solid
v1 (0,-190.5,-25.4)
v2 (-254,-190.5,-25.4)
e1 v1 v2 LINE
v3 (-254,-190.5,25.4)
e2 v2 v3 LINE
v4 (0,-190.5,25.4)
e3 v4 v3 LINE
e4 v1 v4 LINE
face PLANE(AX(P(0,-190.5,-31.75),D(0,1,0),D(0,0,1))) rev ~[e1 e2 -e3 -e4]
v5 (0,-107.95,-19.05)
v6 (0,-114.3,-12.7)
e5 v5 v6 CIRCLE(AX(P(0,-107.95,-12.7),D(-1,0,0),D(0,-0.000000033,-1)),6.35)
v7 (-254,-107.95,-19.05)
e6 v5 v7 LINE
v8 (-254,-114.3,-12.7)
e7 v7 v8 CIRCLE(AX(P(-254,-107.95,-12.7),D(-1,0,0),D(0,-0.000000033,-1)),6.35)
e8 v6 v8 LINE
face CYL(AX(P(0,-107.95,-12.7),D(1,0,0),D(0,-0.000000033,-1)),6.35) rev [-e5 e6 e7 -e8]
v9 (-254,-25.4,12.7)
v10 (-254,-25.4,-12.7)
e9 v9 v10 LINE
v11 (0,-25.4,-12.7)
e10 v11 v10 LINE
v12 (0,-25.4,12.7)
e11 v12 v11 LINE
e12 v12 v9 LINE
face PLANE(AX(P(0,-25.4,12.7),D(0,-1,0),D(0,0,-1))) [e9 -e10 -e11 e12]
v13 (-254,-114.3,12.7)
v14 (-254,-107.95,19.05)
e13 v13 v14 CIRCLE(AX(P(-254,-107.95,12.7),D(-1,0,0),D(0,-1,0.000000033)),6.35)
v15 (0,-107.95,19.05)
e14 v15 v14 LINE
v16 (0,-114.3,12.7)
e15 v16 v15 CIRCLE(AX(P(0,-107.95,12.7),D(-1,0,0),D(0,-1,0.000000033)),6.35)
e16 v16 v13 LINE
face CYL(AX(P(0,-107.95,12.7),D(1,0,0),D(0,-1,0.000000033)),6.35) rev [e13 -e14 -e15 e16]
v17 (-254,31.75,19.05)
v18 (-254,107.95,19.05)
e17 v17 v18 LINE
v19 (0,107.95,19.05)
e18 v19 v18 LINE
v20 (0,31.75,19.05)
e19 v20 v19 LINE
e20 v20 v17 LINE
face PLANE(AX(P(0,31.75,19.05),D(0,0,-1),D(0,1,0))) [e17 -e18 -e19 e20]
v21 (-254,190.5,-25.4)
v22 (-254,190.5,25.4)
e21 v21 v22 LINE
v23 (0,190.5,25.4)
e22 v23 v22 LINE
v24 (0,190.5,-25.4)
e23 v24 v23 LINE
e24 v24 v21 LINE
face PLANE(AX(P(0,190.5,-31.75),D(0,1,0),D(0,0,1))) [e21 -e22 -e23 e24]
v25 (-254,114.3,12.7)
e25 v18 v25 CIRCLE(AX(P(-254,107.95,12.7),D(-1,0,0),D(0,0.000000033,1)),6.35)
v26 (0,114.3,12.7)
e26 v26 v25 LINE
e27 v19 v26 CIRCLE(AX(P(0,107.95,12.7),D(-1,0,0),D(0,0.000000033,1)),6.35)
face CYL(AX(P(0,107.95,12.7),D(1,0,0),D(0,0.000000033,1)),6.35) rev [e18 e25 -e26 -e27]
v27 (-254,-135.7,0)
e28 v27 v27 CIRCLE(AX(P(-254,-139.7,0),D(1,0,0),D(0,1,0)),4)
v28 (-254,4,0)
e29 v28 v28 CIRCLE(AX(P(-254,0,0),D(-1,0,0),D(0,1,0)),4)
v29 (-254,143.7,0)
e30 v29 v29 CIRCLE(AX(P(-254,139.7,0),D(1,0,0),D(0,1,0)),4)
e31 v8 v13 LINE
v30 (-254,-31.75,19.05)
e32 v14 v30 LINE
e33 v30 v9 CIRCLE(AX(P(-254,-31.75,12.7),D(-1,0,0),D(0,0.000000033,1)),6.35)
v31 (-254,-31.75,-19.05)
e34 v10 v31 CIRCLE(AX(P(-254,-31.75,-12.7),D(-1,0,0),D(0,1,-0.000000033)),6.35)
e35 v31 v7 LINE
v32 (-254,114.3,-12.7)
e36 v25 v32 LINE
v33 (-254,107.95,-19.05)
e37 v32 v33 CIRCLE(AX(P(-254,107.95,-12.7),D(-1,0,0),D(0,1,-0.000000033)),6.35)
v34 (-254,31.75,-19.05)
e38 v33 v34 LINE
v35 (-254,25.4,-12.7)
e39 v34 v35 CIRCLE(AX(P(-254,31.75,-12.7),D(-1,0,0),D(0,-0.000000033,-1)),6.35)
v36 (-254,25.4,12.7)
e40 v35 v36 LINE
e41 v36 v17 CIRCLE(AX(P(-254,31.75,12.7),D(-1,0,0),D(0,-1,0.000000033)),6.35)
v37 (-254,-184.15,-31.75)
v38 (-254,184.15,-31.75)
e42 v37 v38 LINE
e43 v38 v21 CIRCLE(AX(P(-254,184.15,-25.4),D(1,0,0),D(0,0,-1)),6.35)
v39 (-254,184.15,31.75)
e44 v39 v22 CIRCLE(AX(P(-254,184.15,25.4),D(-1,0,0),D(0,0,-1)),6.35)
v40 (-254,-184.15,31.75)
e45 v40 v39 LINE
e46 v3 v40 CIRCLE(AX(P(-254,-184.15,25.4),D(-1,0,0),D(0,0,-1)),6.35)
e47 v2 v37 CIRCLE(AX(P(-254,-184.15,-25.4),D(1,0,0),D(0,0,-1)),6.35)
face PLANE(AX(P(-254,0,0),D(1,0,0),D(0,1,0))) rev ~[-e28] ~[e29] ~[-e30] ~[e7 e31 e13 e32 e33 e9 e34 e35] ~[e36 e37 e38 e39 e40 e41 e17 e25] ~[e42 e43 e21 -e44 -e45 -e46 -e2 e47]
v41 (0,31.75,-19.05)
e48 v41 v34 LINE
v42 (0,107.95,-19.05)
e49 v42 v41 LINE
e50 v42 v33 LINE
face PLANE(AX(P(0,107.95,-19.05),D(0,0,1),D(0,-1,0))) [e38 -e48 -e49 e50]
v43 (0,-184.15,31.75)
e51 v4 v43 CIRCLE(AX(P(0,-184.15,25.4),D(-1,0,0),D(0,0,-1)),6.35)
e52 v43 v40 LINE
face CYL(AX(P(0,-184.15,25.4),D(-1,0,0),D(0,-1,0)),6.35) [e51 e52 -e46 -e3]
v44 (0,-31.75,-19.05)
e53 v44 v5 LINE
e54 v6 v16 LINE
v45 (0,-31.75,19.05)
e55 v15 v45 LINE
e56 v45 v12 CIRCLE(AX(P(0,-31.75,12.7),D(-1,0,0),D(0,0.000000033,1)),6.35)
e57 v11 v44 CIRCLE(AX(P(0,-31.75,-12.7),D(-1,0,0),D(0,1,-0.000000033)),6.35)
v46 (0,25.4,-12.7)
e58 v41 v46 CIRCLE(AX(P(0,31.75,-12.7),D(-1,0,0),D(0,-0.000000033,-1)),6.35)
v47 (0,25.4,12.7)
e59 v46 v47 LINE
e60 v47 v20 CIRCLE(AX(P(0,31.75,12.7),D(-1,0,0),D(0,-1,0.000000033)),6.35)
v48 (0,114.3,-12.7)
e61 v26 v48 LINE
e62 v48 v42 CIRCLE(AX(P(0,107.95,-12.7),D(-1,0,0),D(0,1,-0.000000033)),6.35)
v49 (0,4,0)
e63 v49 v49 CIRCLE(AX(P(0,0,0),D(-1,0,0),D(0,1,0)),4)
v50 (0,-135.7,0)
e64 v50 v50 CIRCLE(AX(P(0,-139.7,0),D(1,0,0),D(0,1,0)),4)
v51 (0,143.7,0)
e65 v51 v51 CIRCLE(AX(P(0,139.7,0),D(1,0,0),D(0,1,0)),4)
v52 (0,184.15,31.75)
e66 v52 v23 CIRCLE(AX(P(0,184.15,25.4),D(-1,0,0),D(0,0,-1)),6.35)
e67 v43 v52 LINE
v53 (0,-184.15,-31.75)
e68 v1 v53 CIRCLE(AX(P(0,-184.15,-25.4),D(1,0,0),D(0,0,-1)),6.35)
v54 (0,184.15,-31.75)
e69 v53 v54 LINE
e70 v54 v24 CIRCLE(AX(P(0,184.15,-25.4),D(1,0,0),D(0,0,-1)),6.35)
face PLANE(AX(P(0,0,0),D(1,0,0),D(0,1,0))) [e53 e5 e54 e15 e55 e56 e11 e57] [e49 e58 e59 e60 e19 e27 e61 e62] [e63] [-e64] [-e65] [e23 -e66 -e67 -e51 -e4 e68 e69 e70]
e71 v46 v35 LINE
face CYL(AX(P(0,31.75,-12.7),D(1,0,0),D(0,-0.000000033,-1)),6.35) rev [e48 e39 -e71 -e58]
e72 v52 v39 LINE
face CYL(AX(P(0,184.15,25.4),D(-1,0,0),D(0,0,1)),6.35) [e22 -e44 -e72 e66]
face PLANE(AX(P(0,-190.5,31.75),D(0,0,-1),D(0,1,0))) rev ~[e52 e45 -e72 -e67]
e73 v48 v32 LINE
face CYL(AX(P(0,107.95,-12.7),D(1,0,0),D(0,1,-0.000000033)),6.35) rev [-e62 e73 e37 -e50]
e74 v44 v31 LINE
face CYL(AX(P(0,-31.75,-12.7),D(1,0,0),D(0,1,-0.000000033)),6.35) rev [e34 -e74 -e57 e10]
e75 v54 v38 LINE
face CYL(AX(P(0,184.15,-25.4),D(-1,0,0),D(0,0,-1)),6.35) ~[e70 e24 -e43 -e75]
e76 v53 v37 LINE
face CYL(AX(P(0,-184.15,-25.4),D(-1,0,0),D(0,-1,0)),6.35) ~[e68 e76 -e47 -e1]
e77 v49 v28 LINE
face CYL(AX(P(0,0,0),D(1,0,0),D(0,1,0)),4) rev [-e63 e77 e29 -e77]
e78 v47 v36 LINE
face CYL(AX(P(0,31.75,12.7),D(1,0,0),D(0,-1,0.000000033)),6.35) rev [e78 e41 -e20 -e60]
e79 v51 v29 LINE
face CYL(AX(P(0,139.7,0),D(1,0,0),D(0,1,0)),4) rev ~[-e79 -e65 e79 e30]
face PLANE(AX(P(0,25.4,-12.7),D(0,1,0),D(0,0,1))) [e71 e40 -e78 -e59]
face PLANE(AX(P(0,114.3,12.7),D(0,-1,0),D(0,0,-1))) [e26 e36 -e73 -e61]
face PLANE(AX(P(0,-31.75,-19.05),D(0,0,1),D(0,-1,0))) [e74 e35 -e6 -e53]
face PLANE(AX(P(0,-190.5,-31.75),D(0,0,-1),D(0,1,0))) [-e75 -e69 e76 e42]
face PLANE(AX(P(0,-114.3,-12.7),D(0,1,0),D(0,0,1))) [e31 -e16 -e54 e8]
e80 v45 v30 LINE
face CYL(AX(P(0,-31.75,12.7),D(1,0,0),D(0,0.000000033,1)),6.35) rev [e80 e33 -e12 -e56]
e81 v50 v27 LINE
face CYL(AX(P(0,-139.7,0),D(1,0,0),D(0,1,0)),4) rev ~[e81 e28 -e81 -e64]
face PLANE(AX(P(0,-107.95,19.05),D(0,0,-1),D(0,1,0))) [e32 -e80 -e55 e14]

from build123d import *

# Parameters (mm, degrees)
F0_W     = 381
F0_H     = 63.5
F0_R     = 4
F1_DEPTH = 254
F2_R     = 6.35


with BuildPart() as f1:
    # F0 (on Right) → F1 (new body)
    with BuildSketch(Plane.YZ):
        Rectangle(F0_W, F0_H)
        with Locations((-139.7, 0)):
            Circle(F0_R, mode=Mode.SUBTRACT)
        with BuildLine():
            Line((-25.4, 12.7), (-25.4, 0))
            Line((-25.4, 0), (-25.4, -12.7))
            ThreePointArc((-25.4, -12.7), (-27.259872, -17.190128), (-31.75, -19.05))
            Line((-31.75, -19.05), (-107.95, -19.05))
            ThreePointArc((-107.95, -19.05), (-112.440128, -17.190128), (-114.3, -12.7))
            Line((-114.3, -12.7), (-114.3, 12.7))
            ThreePointArc((-114.3, 12.7), (-112.440128, 17.190128), (-107.95, 19.05))
            Line((-107.95, 19.05), (-31.75, 19.05))
            ThreePointArc((-31.75, 19.05), (-27.259872, 17.190128), (-25.4, 12.7))
        make_face(mode=Mode.SUBTRACT)
        with BuildLine():
            ThreePointArc((-4, 0), (0, 4), (4, 0))
            ThreePointArc((4, 0), (0, -4), (-4, 0))
        make_face(mode=Mode.SUBTRACT)
        with BuildLine():
            Line((25.4, -12.7), (25.4, 0))
            Line((25.4, 0), (25.4, 12.7))
            ThreePointArc((25.4, 12.7), (27.259872, 17.190128), (31.75, 19.05))
            Line((31.75, 19.05), (107.95, 19.05))
            ThreePointArc((107.95, 19.05), (112.440128, 17.190128), (114.3, 12.7))
            Line((114.3, 12.7), (114.3, -12.7))
            ThreePointArc((114.3, -12.7), (112.440128, -17.190128), (107.95, -19.05))
            Line((107.95, -19.05), (31.75, -19.05))
            ThreePointArc((31.75, -19.05), (27.259872, -17.190128), (25.4, -12.7))
        make_face(mode=Mode.SUBTRACT)
        with Locations((139.7, 0)):
            Circle(F0_R, mode=Mode.SUBTRACT)
    extrude(amount=-F1_DEPTH)

    # F2
    f2_edges = [f1.edges().sort_by_distance(p)[0] for p in [
        (-127, -190.5, -31.75),
        (-127, -190.5, 31.75),
        (-127, 190.5, 31.75),
        (-127, 190.5, -31.75),
    ]]
    fillet(f2_edges, radius=F2_R)


solid = f1.part
